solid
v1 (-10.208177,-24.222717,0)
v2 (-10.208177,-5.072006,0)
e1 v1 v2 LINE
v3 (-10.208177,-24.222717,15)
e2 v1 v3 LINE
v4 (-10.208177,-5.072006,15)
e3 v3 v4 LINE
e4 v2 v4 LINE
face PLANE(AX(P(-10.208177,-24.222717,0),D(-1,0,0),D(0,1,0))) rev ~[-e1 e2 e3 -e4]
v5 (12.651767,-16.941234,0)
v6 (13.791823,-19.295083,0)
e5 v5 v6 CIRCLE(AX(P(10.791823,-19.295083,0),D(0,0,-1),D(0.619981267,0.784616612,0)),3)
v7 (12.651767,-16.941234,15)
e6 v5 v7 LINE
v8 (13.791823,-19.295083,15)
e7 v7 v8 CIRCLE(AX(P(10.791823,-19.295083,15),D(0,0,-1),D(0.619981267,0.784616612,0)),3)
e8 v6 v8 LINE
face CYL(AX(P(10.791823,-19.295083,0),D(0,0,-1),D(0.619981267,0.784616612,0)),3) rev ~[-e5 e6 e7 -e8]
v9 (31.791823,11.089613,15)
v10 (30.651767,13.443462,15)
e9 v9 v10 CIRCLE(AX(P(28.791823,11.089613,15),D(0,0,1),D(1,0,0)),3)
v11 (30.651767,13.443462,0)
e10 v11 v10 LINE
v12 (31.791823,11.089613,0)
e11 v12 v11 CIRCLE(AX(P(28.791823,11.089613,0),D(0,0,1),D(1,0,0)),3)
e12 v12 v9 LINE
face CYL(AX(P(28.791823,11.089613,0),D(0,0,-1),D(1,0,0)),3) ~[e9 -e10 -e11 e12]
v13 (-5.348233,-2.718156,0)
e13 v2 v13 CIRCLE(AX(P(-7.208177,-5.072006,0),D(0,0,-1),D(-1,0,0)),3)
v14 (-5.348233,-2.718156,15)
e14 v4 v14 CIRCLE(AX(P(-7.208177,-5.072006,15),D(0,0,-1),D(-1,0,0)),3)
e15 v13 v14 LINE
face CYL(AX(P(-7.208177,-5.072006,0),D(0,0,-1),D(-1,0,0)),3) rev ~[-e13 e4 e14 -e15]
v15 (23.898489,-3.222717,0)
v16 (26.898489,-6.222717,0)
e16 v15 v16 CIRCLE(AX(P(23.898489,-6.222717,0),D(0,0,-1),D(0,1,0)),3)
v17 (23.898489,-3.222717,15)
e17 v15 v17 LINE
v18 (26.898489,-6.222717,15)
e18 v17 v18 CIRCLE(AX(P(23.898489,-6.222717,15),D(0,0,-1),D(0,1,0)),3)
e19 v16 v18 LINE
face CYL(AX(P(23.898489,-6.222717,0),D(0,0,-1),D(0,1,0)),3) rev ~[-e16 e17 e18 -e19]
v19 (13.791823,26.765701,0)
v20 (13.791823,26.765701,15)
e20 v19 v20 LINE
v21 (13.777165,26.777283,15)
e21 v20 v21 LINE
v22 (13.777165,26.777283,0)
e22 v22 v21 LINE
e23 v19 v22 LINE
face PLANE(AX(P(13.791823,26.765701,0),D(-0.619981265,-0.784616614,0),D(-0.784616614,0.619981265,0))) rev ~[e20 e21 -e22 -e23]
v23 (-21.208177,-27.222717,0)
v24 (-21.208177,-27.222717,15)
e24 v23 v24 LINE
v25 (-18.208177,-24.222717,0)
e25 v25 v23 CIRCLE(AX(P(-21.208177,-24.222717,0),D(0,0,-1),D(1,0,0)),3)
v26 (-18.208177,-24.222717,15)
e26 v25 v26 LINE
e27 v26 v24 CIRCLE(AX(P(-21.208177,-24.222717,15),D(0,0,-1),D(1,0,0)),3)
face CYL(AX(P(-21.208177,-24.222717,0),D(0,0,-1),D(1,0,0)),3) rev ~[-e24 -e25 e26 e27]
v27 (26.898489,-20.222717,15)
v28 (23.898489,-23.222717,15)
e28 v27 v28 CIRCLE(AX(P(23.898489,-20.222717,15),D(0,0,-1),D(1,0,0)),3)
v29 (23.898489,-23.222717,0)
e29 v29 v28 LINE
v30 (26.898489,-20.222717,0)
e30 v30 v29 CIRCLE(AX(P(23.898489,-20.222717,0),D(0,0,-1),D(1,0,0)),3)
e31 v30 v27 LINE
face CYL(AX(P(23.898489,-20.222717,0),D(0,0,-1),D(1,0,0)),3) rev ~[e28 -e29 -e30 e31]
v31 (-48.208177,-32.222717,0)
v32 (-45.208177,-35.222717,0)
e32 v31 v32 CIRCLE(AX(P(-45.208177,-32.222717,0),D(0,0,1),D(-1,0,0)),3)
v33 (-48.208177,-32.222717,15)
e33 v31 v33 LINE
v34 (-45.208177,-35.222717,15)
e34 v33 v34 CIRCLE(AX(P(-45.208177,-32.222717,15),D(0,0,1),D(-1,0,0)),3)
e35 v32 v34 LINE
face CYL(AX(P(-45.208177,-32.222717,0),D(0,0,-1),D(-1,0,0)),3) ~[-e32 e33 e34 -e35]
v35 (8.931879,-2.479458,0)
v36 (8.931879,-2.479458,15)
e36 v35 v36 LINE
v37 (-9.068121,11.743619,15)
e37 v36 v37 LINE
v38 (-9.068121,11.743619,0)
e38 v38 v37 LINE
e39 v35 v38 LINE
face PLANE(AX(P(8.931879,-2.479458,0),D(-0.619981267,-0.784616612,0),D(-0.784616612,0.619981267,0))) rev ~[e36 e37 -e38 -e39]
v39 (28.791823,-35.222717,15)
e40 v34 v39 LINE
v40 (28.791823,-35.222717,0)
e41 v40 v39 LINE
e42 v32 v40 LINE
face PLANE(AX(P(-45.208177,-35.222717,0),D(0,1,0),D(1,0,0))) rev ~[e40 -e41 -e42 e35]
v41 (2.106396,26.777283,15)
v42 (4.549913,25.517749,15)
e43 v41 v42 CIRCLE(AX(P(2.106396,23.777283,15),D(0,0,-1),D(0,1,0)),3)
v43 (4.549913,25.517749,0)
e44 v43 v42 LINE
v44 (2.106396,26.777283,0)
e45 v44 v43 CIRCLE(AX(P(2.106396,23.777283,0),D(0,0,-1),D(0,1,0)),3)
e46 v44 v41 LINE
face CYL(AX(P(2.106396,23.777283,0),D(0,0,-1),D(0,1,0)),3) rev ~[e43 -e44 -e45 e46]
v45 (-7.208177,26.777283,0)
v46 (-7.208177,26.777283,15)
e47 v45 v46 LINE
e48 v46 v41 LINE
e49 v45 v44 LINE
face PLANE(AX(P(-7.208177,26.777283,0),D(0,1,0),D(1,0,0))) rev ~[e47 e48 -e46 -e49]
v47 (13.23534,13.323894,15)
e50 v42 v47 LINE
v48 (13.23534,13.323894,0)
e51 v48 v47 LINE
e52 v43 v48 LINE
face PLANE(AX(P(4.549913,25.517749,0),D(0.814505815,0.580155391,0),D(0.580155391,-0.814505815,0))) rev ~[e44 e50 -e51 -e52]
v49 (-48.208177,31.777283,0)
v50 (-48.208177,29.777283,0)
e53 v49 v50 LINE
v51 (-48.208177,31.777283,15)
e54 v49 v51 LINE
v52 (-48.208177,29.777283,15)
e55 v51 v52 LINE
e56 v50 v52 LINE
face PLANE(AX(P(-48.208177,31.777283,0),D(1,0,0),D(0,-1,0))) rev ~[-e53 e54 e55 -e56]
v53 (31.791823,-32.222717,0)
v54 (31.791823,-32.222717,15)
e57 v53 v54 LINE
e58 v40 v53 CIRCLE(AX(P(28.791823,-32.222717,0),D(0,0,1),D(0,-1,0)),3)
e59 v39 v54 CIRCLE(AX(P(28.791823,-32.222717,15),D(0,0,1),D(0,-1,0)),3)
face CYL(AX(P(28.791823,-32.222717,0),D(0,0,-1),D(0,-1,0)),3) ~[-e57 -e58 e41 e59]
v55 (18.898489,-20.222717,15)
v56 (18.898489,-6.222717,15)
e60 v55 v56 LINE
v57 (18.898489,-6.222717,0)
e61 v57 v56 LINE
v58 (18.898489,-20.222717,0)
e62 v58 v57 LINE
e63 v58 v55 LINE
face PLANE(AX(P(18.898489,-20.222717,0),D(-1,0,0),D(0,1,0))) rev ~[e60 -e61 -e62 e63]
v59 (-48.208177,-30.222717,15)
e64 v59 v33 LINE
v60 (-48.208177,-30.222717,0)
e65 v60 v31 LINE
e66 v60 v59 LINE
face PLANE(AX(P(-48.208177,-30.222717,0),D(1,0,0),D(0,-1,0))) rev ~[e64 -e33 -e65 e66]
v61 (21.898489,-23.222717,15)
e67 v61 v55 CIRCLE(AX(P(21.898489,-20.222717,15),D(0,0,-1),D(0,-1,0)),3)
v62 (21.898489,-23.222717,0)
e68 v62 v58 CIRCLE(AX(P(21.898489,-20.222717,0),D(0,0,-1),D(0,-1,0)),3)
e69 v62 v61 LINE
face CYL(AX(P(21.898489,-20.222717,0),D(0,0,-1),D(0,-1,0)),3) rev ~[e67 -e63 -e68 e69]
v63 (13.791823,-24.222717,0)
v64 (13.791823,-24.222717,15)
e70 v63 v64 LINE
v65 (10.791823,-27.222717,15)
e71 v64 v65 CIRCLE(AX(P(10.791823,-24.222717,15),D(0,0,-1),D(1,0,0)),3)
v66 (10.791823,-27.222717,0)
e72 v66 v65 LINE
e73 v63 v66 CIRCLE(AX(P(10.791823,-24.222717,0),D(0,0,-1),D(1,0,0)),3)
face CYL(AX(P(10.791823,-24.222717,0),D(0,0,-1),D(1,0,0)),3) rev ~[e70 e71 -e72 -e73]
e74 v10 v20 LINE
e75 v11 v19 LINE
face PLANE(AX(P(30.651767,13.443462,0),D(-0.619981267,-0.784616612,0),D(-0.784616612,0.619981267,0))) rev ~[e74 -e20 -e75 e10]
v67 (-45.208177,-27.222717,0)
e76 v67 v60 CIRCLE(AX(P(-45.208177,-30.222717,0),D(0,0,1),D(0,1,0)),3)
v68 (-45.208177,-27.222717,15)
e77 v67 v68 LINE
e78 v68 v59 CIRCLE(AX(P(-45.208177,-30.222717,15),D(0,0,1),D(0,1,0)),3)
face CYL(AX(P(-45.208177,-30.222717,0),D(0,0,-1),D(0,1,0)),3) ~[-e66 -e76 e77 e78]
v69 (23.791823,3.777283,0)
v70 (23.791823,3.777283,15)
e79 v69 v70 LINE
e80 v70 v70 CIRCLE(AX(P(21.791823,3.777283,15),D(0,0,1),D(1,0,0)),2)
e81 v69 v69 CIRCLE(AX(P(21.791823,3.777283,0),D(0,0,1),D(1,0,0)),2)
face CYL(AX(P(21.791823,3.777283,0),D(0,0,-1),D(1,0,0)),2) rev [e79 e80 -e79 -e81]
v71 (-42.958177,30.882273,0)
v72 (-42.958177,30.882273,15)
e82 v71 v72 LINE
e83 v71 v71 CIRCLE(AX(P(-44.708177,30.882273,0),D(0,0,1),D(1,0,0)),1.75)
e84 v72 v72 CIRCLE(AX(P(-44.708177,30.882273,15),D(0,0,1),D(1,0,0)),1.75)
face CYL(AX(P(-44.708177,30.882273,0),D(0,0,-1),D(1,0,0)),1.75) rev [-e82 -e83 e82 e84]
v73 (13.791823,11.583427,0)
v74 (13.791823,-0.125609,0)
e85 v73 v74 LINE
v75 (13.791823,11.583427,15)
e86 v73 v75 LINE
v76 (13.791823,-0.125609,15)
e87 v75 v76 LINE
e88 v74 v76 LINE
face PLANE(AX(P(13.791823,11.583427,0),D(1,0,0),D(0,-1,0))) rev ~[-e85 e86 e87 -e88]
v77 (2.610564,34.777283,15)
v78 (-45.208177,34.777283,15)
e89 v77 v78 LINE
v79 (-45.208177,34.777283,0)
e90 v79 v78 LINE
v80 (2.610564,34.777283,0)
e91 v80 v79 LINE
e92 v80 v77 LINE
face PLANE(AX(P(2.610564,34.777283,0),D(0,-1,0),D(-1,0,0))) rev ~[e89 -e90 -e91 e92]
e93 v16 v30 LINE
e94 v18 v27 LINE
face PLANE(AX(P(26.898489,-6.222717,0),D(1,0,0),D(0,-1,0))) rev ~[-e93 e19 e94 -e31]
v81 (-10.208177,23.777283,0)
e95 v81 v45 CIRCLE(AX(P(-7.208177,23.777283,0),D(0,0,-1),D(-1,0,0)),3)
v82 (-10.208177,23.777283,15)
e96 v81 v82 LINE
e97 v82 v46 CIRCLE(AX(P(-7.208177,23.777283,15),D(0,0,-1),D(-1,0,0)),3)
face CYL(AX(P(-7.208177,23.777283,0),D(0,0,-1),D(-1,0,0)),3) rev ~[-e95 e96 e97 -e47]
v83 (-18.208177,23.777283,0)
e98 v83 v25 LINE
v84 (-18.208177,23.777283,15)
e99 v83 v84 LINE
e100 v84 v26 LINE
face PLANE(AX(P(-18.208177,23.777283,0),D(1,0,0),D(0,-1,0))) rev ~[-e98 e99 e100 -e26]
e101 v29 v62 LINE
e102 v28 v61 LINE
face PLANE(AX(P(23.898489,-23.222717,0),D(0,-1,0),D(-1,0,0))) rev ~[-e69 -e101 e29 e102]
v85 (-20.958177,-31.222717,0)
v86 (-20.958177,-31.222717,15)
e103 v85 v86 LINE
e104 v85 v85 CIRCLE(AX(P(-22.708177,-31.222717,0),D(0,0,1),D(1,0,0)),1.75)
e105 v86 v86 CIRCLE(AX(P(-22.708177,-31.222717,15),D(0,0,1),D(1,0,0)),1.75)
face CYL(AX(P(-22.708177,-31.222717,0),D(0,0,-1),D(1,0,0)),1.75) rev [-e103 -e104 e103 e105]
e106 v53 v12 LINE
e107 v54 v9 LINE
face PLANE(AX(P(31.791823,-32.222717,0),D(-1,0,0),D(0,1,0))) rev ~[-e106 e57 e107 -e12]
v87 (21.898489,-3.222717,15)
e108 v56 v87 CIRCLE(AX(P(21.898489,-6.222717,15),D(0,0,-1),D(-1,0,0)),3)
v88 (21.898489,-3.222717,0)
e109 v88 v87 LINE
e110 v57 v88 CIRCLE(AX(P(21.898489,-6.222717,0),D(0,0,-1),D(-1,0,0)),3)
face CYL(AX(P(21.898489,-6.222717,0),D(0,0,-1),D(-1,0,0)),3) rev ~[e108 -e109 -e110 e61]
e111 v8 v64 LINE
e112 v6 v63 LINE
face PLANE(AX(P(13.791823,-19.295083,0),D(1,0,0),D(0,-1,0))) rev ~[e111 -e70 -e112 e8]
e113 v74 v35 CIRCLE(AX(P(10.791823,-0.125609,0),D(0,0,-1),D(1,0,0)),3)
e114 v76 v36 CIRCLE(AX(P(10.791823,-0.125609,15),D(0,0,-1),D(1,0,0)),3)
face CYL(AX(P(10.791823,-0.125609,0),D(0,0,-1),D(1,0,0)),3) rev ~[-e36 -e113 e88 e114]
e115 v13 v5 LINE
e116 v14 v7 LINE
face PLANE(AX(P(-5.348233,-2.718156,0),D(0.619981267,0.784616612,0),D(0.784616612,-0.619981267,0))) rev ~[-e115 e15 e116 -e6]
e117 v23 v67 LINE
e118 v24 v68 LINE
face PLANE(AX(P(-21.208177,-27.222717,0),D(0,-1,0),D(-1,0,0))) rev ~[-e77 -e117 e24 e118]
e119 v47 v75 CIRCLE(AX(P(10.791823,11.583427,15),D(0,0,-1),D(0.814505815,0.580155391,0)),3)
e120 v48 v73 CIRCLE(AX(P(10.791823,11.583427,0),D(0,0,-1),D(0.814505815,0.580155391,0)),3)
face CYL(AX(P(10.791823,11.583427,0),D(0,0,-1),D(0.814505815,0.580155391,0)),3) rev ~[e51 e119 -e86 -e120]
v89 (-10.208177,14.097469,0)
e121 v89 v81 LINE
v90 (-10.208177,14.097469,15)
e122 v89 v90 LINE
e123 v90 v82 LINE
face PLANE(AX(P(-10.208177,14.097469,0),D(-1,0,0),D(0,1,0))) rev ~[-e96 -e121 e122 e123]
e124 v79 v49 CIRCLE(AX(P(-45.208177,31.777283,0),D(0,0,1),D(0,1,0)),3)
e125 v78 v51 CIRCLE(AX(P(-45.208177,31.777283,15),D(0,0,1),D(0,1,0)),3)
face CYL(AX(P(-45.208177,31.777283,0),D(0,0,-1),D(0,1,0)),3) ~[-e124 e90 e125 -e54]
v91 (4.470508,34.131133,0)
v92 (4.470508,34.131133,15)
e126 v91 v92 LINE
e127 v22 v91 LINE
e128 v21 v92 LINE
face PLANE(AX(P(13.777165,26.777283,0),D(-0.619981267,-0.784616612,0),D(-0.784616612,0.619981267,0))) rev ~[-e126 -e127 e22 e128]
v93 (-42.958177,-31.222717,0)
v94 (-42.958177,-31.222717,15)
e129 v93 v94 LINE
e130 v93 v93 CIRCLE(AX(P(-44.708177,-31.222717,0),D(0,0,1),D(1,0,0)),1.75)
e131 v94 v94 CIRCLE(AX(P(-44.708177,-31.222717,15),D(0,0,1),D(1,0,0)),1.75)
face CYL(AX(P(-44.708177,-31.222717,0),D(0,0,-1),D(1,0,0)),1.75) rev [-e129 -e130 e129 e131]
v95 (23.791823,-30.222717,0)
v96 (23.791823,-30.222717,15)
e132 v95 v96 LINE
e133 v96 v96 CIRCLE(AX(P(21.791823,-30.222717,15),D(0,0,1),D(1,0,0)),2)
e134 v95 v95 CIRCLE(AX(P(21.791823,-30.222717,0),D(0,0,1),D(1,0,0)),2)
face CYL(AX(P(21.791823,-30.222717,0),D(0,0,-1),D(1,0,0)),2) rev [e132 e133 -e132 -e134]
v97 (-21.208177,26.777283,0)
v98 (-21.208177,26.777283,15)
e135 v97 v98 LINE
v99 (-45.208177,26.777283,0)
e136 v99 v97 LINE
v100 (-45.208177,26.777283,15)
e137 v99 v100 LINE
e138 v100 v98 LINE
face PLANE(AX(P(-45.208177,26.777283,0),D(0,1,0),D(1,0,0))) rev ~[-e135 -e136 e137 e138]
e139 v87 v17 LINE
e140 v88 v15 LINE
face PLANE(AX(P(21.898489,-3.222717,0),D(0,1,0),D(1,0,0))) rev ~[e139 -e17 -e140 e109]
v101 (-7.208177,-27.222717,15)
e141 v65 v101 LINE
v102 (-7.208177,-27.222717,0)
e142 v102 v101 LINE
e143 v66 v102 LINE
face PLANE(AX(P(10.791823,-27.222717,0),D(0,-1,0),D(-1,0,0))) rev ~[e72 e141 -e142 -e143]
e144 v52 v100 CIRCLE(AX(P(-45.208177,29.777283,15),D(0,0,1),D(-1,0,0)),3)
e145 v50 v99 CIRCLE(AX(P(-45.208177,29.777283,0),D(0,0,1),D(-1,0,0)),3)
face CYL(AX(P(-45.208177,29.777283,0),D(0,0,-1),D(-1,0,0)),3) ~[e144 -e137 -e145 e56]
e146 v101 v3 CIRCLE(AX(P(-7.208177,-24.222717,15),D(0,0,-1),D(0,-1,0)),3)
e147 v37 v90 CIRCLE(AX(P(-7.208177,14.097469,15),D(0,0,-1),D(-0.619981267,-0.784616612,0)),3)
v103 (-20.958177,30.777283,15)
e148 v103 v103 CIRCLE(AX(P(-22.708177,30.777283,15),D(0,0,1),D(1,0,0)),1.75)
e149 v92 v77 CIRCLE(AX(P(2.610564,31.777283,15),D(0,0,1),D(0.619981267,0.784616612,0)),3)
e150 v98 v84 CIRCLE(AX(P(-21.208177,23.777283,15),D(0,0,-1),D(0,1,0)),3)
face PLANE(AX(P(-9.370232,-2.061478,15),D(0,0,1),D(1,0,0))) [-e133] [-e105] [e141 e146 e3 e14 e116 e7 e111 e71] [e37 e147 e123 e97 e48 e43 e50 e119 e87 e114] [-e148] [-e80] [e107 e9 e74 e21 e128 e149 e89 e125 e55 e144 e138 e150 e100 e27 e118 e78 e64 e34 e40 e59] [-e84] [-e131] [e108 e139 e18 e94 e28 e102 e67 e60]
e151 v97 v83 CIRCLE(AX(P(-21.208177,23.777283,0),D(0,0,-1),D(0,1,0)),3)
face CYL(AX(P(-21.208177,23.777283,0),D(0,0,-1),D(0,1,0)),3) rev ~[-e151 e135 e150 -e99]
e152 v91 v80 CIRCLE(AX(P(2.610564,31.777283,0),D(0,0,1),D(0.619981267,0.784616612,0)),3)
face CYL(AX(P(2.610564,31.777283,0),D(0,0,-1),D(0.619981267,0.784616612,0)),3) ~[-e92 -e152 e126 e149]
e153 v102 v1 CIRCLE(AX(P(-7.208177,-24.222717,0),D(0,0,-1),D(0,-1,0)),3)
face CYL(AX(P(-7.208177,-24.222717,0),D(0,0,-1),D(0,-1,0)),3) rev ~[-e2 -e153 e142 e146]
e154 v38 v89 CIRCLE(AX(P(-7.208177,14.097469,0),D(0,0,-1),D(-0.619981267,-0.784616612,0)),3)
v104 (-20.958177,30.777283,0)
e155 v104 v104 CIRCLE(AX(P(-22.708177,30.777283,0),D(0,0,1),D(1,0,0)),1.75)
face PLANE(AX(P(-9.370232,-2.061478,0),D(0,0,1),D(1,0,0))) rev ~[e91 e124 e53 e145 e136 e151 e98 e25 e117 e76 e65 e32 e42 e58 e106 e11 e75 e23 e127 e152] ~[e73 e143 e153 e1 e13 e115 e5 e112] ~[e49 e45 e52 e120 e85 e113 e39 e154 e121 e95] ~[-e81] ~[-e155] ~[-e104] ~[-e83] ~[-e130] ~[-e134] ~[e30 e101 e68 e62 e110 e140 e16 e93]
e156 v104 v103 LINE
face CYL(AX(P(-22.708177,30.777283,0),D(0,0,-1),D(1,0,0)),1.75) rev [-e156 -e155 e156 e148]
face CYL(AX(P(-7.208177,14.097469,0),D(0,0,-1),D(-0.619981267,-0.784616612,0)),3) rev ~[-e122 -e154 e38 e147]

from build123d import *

# Parameters (mm, degrees)
F0_R     = 1.75
F0_R_2   = 2
F1_DEPTH = 15


with BuildPart() as f1:
    # F0 (on Top) → F1 (new body)
    with BuildSketch(Plane.XY):
        with BuildLine():
            ThreePointArc((4.4705081946, 34.1311327705), (3.5950567719, 34.6111450962), (2.6105643925, 34.7772829339))
            Line((2.6105643925, 34.7772829339), (-45.2081770897, 34.7772829339))
            ThreePointArc((-45.2081770897, 34.7772829339), (-47.3294974333, 33.8986032775), (-48.2081770897, 31.7772829339))
            Line((-48.2081770897, 31.7772829339), (-48.2081770897, 29.7772829339))
            ThreePointArc((-48.2081770897, 29.7772829339), (-47.3294974333, 27.6559625904), (-45.2081770897, 26.7772829339))
            Line((-45.2081770897, 26.7772829339), (-21.2081770897, 26.7772829339))
            ThreePointArc((-21.2081770897, 26.7772829339), (-19.0868567461, 25.8986032775), (-18.2081770897, 23.7772829339))
            Line((-18.2081770897, 23.7772829339), (-18.2081770897, -24.2227170661))
            ThreePointArc((-18.2081770897, -24.2227170661), (-19.0868567461, -26.3440374096), (-21.2081770897, -27.2227170661))
            Line((-21.2081770897, -27.2227170661), (-45.2081770897, -27.2227170661))
            ThreePointArc((-45.2081770897, -27.2227170661), (-47.3294974333, -28.1013967225), (-48.2081770897, -30.2227170661))
            Line((-48.2081770897, -30.2227170661), (-48.2081770897, -32.2227170661))
            ThreePointArc((-48.2081770897, -32.2227170661), (-47.3294974333, -34.3440374096), (-45.2081770897, -35.2227170661))
            Line((-45.2081770897, -35.2227170661), (28.7918229103, -35.2227170661))
            ThreePointArc((28.7918229103, -35.2227170661), (30.9131432539, -34.3440374096), (31.7918229103, -32.2227170661))
            Line((31.7918229103, -32.2227170661), (31.7918229103, 11.0896125673))
            ThreePointArc((31.7918229103, 11.0896125673), (31.4918072997, 12.3973144816), (30.6517667124, 13.4434624038))
            Line((30.6517667124, 13.4434624038), (13.7918229103, 26.7657005056))
            Line((13.7918229103, 26.7657005056), (13.7771647808, 26.7772829339))
            Line((13.7771647808, 26.7772829339), (4.4705081946, 34.1311327705))
        make_face()
        with Locations((-44.7081770897, -31.2227170661)):
            Circle(F0_R, mode=Mode.SUBTRACT)
        with Locations((-22.7081770897, -31.2227170661)):
            Circle(F0_R, mode=Mode.SUBTRACT)
        with Locations((21.7918229103, -30.2227170661)):
            Circle(F0_R_2, mode=Mode.SUBTRACT)
        with BuildLine():
            Line((10.7918229103, -27.2227170661), (-7.2081770897, -27.2227170661))
            ThreePointArc((-7.2081770897, -27.2227170661), (-9.3294974333, -26.3440374096), (-10.2081770897, -24.2227170661))
            Line((-10.2081770897, -24.2227170661), (-10.2081770897, -5.0720059582))
            ThreePointArc((-10.2081770897, -5.0720059582), (-8.5158790041, -2.3720215688), (-5.3482332876, -2.7181561216))
            Line((-5.3482332876, -2.7181561216), (12.6517667124, -16.941233532))
            ThreePointArc((12.6517667124, -16.941233532), (13.4918072997, -17.9873814542), (13.7918229103, -19.2950833685))
            Line((13.7918229103, -19.2950833685), (13.7918229103, -24.2227170661))
            ThreePointArc((13.7918229103, -24.2227170661), (12.9131432539, -26.3440374096), (10.7918229103, -27.2227170661))
        make_face(mode=Mode.SUBTRACT)
        with BuildLine():
            ThreePointArc((18.8984889537, -6.2227170661), (19.7771686101, -4.1013967225), (21.8984889537, -3.2227170661))
            Line((21.8984889537, -3.2227170661), (23.8984889537, -3.2227170661))
            ThreePointArc((23.8984889537, -3.2227170661), (26.0198092973, -4.1013967225), (26.8984889537, -6.2227170661))
            Line((26.8984889537, -6.2227170661), (26.8984889537, -20.2227170661))
            ThreePointArc((26.8984889537, -20.2227170661), (26.0198092973, -22.3440374096), (23.8984889537, -23.2227170661))
            Line((23.8984889537, -23.2227170661), (21.8984889537, -23.2227170661))
            ThreePointArc((21.8984889537, -23.2227170661), (19.7771686101, -22.3440374096), (18.8984889537, -20.2227170661))
            Line((18.8984889537, -20.2227170661), (18.8984889537, -6.2227170661))
        make_face(mode=Mode.SUBTRACT)
        with Locations((-44.7081770897, 30.8822728693)):
            Circle(F0_R, mode=Mode.SUBTRACT)
        with Locations((-22.7081770897, 30.7772829339)):
            Circle(F0_R, mode=Mode.SUBTRACT)
        with BuildLine():
            ThreePointArc((-10.2081770897, 23.7772829339), (-9.3294974333, 25.8986032775), (-7.2081770897, 26.7772829339))
            Line((-7.2081770897, 26.7772829339), (2.1063956214, 26.7772829339))
            ThreePointArc((2.1063956214, 26.7772829339), (3.4809139878, 26.4438723774), (4.5499130653, 25.5177491075))
            Line((4.5499130653, 25.5177491075), (13.2353403542, 13.3238935696))
            ThreePointArc((13.2353403542, 13.3238935696), (13.6493176462, 12.4970596164), (13.7918229103, 11.583427396))
            Line((13.7918229103, 11.583427396), (13.7918229103, -0.1256085036))
            ThreePointArc((13.7918229103, -0.1256085036), (12.0995248247, -2.825592893), (8.9318791082, -2.4794583402))
            Line((8.9318791082, -2.4794583402), (-9.0681208918, 11.7436190702))
            ThreePointArc((-9.0681208918, 11.7436190702), (-9.9081614791, 12.7897669924), (-10.2081770897, 14.0974689067))
            Line((-10.2081770897, 14.0974689067), (-10.2081770897, 23.7772829339))
        make_face(mode=Mode.SUBTRACT)
        with Locations((21.7918229103, 3.7772829339)):
            Circle(F0_R_2, mode=Mode.SUBTRACT)
    extrude(amount=F1_DEPTH)


solid = f1.part
